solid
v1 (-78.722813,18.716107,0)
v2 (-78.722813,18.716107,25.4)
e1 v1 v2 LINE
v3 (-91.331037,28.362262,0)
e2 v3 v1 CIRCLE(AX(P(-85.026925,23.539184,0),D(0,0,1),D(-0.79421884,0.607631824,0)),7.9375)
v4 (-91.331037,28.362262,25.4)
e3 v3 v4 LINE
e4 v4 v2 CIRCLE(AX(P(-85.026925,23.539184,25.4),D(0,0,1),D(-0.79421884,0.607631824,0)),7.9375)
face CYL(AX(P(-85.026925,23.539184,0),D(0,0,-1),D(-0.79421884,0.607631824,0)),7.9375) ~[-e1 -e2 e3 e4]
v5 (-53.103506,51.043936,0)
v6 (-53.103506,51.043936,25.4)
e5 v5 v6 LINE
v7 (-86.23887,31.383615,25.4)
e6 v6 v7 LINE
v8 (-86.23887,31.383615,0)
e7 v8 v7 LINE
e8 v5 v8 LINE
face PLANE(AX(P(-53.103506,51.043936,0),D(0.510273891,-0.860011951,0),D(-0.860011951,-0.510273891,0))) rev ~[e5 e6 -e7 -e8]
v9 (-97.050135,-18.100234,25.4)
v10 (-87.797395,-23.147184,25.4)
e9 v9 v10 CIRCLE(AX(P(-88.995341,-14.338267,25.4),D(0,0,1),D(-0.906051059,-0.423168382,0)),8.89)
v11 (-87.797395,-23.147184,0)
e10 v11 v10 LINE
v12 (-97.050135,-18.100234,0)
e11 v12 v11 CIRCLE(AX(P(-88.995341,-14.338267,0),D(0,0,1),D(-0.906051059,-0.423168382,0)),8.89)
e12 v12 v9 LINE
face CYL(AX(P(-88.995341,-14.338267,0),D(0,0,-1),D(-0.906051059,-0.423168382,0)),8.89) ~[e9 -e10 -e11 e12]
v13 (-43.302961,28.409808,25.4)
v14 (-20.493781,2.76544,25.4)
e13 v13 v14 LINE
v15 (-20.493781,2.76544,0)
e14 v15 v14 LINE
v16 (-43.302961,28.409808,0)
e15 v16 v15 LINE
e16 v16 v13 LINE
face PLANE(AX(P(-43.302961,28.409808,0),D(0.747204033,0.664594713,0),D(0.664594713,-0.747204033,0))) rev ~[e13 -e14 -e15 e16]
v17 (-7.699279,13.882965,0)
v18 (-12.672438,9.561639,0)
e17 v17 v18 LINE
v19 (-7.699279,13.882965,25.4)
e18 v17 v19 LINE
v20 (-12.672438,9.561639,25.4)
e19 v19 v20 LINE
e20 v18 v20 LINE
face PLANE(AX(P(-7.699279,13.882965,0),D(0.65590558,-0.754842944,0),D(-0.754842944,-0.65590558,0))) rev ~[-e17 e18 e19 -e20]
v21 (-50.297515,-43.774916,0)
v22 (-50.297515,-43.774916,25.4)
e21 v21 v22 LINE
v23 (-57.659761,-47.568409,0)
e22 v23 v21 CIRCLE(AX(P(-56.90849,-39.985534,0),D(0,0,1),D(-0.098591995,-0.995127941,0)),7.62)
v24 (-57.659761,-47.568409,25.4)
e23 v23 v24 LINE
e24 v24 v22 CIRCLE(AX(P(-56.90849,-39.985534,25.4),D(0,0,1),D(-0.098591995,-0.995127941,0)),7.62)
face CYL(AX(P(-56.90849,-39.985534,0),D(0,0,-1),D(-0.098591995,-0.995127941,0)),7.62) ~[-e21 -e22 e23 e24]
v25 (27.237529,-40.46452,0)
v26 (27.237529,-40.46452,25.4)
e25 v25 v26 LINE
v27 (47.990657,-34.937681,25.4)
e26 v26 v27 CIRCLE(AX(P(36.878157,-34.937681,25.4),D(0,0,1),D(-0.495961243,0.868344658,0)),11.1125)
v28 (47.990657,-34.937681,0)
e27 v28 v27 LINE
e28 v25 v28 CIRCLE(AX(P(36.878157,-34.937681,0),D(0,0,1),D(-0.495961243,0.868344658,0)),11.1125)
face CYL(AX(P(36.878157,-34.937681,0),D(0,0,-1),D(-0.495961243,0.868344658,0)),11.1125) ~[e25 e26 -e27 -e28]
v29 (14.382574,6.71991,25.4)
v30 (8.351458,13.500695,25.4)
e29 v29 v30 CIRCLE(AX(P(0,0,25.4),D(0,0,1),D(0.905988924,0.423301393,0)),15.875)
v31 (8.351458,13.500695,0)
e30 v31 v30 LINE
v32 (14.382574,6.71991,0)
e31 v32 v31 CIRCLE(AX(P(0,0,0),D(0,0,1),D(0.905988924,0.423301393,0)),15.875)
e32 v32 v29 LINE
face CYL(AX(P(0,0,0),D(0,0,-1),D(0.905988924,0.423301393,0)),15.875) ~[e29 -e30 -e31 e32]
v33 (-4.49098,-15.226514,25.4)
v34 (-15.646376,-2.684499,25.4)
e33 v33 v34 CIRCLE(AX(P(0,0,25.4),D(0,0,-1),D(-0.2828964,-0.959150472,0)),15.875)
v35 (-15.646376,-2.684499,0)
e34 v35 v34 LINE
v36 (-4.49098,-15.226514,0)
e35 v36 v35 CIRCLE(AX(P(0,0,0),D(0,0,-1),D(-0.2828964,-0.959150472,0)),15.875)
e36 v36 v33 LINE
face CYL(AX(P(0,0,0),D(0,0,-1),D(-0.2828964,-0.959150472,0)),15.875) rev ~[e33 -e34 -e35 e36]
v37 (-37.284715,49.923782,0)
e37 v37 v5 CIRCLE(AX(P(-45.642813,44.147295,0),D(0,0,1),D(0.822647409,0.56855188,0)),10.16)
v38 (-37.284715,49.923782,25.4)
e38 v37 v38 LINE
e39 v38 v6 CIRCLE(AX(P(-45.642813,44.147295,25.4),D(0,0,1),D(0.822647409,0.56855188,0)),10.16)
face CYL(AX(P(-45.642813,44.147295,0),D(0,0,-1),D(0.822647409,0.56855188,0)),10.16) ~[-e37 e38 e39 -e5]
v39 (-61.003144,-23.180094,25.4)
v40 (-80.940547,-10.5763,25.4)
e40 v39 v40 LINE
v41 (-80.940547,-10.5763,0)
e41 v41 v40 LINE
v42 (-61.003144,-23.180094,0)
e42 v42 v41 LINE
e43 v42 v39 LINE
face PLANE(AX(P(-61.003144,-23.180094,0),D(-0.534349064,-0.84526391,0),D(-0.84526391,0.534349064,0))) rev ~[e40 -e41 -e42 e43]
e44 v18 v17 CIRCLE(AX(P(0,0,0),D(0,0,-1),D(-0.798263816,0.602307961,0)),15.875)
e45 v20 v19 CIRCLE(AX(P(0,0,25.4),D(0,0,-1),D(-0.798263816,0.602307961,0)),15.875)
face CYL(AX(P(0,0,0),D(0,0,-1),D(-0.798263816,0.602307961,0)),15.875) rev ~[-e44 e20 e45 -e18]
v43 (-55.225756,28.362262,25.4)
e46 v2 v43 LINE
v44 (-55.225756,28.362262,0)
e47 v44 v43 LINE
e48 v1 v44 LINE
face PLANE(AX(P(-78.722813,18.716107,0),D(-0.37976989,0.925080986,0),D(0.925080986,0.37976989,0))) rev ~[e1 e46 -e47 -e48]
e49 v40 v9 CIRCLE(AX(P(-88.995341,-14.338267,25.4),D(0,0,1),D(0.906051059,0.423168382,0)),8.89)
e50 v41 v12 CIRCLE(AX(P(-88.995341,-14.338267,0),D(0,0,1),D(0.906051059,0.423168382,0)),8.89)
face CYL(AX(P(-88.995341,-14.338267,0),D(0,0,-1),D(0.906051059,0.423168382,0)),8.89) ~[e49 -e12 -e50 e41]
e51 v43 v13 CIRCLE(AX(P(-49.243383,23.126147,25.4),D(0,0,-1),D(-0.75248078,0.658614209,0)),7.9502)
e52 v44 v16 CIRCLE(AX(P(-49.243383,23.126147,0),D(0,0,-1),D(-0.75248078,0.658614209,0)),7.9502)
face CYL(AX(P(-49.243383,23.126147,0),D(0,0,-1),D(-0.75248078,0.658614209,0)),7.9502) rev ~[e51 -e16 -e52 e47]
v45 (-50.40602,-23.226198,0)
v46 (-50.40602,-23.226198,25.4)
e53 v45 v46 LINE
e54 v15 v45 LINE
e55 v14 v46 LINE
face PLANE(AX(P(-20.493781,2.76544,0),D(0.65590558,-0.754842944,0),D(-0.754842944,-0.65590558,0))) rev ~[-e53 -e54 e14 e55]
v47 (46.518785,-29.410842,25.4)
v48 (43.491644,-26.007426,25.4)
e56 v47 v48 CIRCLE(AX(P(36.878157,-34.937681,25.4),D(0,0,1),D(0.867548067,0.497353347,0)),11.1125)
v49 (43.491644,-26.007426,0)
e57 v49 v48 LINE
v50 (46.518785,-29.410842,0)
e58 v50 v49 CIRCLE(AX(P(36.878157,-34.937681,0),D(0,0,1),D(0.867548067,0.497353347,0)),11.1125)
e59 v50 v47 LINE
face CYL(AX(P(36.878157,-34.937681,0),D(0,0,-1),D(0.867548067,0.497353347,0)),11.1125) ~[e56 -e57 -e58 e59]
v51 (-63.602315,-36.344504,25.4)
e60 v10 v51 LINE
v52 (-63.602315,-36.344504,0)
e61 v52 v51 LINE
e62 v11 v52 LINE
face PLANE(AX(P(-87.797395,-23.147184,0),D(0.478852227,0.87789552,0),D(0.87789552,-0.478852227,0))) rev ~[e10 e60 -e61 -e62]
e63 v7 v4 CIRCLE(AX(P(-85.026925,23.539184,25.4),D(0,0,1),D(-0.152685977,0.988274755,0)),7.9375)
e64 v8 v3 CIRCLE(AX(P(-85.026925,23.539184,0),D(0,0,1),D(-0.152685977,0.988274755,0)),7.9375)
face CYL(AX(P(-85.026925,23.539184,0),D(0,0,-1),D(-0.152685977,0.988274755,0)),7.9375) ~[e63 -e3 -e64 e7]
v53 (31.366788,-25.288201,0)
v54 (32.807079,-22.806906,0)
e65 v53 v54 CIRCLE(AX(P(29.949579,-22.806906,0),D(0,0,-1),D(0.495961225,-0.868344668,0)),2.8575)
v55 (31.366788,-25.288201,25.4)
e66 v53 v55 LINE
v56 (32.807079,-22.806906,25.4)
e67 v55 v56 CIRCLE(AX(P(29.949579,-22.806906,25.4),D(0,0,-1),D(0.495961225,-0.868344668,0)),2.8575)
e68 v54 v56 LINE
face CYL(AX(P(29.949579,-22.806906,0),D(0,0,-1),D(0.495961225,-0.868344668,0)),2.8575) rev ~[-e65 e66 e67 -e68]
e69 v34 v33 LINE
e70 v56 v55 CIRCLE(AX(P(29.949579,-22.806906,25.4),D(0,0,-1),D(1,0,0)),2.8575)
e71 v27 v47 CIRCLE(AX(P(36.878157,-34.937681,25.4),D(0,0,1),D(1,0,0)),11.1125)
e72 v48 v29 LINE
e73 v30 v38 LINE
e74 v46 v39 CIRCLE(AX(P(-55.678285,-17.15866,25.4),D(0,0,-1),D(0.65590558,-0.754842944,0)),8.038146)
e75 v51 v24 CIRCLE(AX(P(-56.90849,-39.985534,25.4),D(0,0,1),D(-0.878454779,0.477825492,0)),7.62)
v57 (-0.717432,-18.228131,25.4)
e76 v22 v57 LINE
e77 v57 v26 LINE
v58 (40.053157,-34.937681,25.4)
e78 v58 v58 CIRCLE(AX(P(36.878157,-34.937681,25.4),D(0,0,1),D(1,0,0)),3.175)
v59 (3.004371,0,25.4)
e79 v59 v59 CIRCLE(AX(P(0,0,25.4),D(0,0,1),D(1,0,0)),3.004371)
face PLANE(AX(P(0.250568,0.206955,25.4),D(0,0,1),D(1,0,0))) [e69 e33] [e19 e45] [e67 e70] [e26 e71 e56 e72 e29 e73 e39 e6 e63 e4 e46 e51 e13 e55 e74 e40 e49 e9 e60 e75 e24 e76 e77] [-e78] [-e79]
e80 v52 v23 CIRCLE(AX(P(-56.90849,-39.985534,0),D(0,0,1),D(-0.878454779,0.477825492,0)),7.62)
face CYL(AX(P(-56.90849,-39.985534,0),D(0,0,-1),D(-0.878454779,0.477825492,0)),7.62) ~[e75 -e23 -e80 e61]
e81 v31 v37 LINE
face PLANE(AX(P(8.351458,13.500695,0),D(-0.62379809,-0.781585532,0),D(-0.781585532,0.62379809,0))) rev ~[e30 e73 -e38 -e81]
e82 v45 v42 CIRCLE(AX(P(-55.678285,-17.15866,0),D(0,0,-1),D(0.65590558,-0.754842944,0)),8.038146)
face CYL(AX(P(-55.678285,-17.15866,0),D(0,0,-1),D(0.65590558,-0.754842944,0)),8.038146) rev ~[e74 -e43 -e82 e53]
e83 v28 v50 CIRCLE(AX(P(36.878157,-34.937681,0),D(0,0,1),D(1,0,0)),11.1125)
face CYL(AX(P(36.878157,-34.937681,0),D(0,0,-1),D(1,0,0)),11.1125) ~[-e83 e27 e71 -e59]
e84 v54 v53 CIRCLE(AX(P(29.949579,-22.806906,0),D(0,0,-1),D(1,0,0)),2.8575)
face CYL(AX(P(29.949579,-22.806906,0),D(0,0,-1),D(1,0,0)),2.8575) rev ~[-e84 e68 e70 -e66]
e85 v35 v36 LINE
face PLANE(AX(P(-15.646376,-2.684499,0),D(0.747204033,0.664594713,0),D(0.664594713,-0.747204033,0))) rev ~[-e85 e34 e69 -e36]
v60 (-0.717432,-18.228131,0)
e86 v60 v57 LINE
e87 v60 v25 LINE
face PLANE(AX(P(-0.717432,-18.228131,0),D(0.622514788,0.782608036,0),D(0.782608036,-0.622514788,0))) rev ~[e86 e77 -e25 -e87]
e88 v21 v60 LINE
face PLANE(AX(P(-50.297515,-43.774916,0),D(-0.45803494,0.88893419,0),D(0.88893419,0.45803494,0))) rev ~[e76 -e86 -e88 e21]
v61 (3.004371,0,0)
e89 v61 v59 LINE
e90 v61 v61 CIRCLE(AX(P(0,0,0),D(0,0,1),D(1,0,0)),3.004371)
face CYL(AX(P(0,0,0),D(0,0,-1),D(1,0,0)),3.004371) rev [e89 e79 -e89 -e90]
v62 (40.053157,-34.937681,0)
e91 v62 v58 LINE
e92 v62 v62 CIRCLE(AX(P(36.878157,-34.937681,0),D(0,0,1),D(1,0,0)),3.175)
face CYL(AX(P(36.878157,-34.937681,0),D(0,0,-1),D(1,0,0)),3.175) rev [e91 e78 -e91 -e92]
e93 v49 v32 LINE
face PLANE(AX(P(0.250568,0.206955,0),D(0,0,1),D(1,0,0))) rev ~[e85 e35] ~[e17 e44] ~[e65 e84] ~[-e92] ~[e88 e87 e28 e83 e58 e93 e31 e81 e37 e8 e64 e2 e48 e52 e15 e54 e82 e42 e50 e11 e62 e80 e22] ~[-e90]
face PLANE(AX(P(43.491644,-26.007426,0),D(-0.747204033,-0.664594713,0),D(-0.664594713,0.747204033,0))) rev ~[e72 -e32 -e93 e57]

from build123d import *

# Parameters (mm, degrees)
F0_R     = 3.0043710318
F0_R_2   = 3.175
F1_DEPTH = 25.4


with BuildPart() as f1:
    # F0 (on Top) → F1 (new body)
    with BuildSketch(Plane.XY):
        with BuildLine():
            Line((14.3825741705, 6.7199096146), (8.3514579782, 13.5006953391))
            ThreePointArc((8.3514579782, 13.5006953391), (0.3779775203, 15.8704996139), (-7.6992788751, 13.8829654542))
            Line((-7.6992788751, 13.8829654542), (-12.6724380842, 9.5616388764))
            ThreePointArc((-12.6724380842, 9.5616388764), (-15.4266258064, 3.7463103487), (-15.6463763052, -2.6844987459))
            Line((-15.6463763052, -2.6844987459), (-4.4909803426, -15.2265137363))
            ThreePointArc((-4.4909803426, -15.2265137363), (1.497725163, -15.8041907207), (7.271304677, -14.1118302603))
            ThreePointArc((7.271304677, -14.1118302603), (13.5544750313, -8.2638871983), (15.875, 0))
            ThreePointArc((15.875, 0), (15.4974028462, 3.4418207422), (14.3825741705, 6.7199096146))
        make_face()
        Circle(F0_R, mode=Mode.SUBTRACT)
        with BuildLine():
            ThreePointArc((14.3825741705, 6.7199096146), (11.861864027, 10.5504410716), (8.3514579782, 13.5006953391))
            Line((8.3514579782, 13.5006953391), (14.3825741705, 6.7199096146))
        make_face()
        with BuildLine():
            ThreePointArc((-7.6992788751, 13.8829654542), (0.3779775203, 15.8704996139), (8.3514579782, 13.5006953391))
            Line((8.3514579782, 13.5006953391), (-37.2847150373, 49.9237820037))
            ThreePointArc((-37.2847150373, 49.9237820037), (-35.9437438836, 47.1727971434), (-35.4828127154, 44.1472949049))
            ThreePointArc((-35.4828127154, 44.1472949049), (-49.345849391, 34.6861575854), (-53.1035055067, 51.0439363394))
            Line((-53.1035055067, 51.0439363394), (-86.2388696466, 31.3836151645))
            ThreePointArc((-86.2388696466, 31.3836151645), (-79.8604900877, 29.5651165544), (-77.0894247023, 23.5391842927))
            ThreePointArc((-77.0894247023, 23.5391842927), (-77.5088532877, 20.9931072211), (-78.7228126593, 18.7161066861))
            Line((-78.7228126593, 18.7161066861), (-55.225755618, 28.3622618994))
            ThreePointArc((-55.225755618, 28.3622618994), (-49.2750868032, 31.076284), (-43.3029614193, 28.4098081034))
            Line((-43.3029614193, 28.4098081034), (-20.493781308, 2.765440137))
            Line((-20.493781308, 2.765440137), (-12.6724380842, 9.5616388764))
            ThreePointArc((-12.6724380842, 9.5616388764), (-10.4125010836, 11.9831317352), (-7.6992788751, 13.8829654542))
        make_face()
        with BuildLine():
            Line((43.4916438779, -26.0074260938), (14.3825741705, 6.7199096146))
            ThreePointArc((14.3825741705, 6.7199096146), (15.4974028462, 3.4418207422), (15.875, 0))
            ThreePointArc((15.875, 0), (13.5544750313, -8.2638871983), (7.271304677, -14.1118302603))
            Line((7.271304677, -14.1118302603), (-0.7174318046, -18.2281309718))
            Line((-0.7174318046, -18.2281309718), (27.2375291318, -40.4645198026))
            ThreePointArc((27.2375291318, -40.4645198026), (26.1554745178, -32.0201927375), (31.3667877085, -25.2882007145))
            ThreePointArc((31.3667877085, -25.2882007145), (37.5361745414, -23.8446798187), (43.4916438779, -26.0074260938))
        make_face()
        with BuildLine():
            ThreePointArc((32.8070785075, -22.8069058246), (32.4209123116, -24.2414146182), (31.3667877085, -25.2882007145))
            ThreePointArc((31.3667877085, -25.2882007145), (27.4782447035, -21.3723970309), (32.8070785075, -22.8069058246))
        make_face(mode=Mode.SUBTRACT)
        with BuildLine():
            ThreePointArc((-35.4828127154, 44.1472949049), (-35.9437438836, 47.1727971434), (-37.2847150373, 49.9237820037))
            ThreePointArc((-37.2847150373, 49.9237820037), (-44.9251635555, 54.2819177239), (-53.1035055067, 51.0439363394))
            ThreePointArc((-53.1035055067, 51.0439363394), (-49.345849391, 34.6861575854), (-35.4828127154, 44.1472949049))
        make_face()
        with BuildLine():
            ThreePointArc((-15.6463763052, -2.6844987459), (-15.4266258064, 3.7463103487), (-12.6724380842, 9.5616388764))
            Line((-12.6724380842, 9.5616388764), (-20.493781308, 2.765440137))
            Line((-20.493781308, 2.765440137), (-15.6463763052, -2.6844987459))
        make_face()
        with BuildLine():
            ThreePointArc((46.5187849108, -29.4108416552), (45.1814618402, -27.5523719788), (43.4916438779, -26.0074260938))
            Line((43.4916438779, -26.0074260938), (46.5187849108, -29.4108416552))
        make_face()
        with BuildLine():
            Line((46.5187849108, -29.4108416552), (43.4916438779, -26.0074260938))
            ThreePointArc((43.4916438779, -26.0074260938), (37.5361745414, -23.8446798187), (31.3667877085, -25.2882007145))
            ThreePointArc((31.3667877085, -25.2882007145), (26.1554745178, -32.0201927375), (27.2375291318, -40.4645198026))
            ThreePointArc((27.2375291318, -40.4645198026), (39.7378929207, -45.6759099514), (47.9906570213, -34.9376807289))
            ThreePointArc((47.9906570213, -34.9376807289), (47.6163862438, -32.0779448295), (46.5187849108, -29.4108416552))
        make_face()
        with Locations((36.8781570213, -34.9376807289)):
            Circle(F0_R_2, mode=Mode.SUBTRACT)
        with BuildLine():
            ThreePointArc((-4.4909803426, -15.2265137363), (-11.861864027, -10.5504410716), (-15.6463763052, -2.6844987459))
            Line((-15.6463763052, -2.6844987459), (-20.493781308, 2.765440137))
            Line((-20.493781308, 2.765440137), (-50.4060203438, -23.2261977966))
            ThreePointArc((-50.4060203438, -23.2261977966), (-55.7132555315, -25.1967300425), (-61.0031443147, -23.1800943961))
            Line((-61.0031443147, -23.1800943961), (-80.9405468136, -10.5763001971))
            ThreePointArc((-80.9405468136, -10.5763001971), (-80.316653673, -12.4114845417), (-80.1053407242, -14.3382671104))
            ThreePointArc((-80.1053407242, -14.3382671104), (-82.2990043641, -20.1855895191), (-87.7973945716, -23.1471844681))
            Line((-87.7973945716, -23.1471844681), (-63.6023153113, -36.3445038774))
            ThreePointArc((-63.6023153113, -36.3445038774), (-55.0299997662, -32.6007067871), (-49.2884898937, -39.9855341271))
            ThreePointArc((-49.2884898937, -39.9855341271), (-49.5450658668, -41.9462448655), (-50.2975152479, -43.7749159016))
            Line((-50.2975152479, -43.7749159016), (-0.7174318046, -18.2281309718))
            Line((-0.7174318046, -18.2281309718), (-4.4909803426, -15.2265137363))
        make_face()
        with BuildLine():
            Line((-0.7174318046, -18.2281309718), (7.271304677, -14.1118302603))
            ThreePointArc((7.271304677, -14.1118302603), (1.497725163, -15.8041907207), (-4.4909803426, -15.2265137363))
            Line((-4.4909803426, -15.2265137363), (-0.7174318046, -18.2281309718))
        make_face()
        with BuildLine():
            ThreePointArc((-77.0894247023, 23.5391842927), (-79.8604900877, 29.5651165544), (-86.2388696466, 31.3836151645))
            Line((-86.2388696466, 31.3836151645), (-91.3310367453, 28.3622618994))
            ThreePointArc((-91.3310367453, 28.3622618994), (-89.8500023089, 17.2350722497), (-78.7228126593, 18.7161066861))
            ThreePointArc((-78.7228126593, 18.7161066861), (-77.5088532877, 20.9931072211), (-77.0894247023, 23.5391842927))
        make_face()
        with BuildLine():
            Line((-91.3310367453, 28.3622618994), (-86.2388696466, 31.3836151645))
            ThreePointArc((-86.2388696466, 31.3836151645), (-89.0772237094, 30.3655291567), (-91.3310367453, 28.3622618994))
        make_face()
        with BuildLine():
            ThreePointArc((-57.6597608948, -47.5684090359), (-53.4182636488, -46.759212652), (-50.2975152479, -43.7749159016))
            Line((-50.2975152479, -43.7749159016), (-57.6597608948, -47.5684090359))
        make_face()
        with BuildLine():
            Line((-57.6597608948, -47.5684090359), (-50.2975152479, -43.7749159016))
            ThreePointArc((-50.2975152479, -43.7749159016), (-49.5450658668, -41.9462448655), (-49.2884898937, -39.9855341271))
            ThreePointArc((-49.2884898937, -39.9855341271), (-55.0299997662, -32.6007067871), (-63.6023153113, -36.3445038774))
            ThreePointArc((-63.6023153113, -36.3445038774), (-63.6428329888, -43.5510667769), (-57.6597608948, -47.5684090359))
        make_face()
        with BuildLine():
            ThreePointArc((-80.1053407242, -14.3382671104), (-80.316653673, -12.4114845417), (-80.9405468136, -10.5763001971))
            ThreePointArc((-80.9405468136, -10.5763001971), (-92.7573076375, -6.2834731997), (-97.0501346349, -18.1002340237))
            Line((-97.0501346349, -18.1002340237), (-87.7973945716, -23.1471844681))
            ThreePointArc((-87.7973945716, -23.1471844681), (-82.2990043641, -20.1855895191), (-80.1053407242, -14.3382671104))
        make_face()
        with BuildLine():
            Line((-87.7973945716, -23.1471844681), (-97.0501346349, -18.1002340237))
            ThreePointArc((-97.0501346349, -18.1002340237), (-93.2523370234, -22.1427582859), (-87.7973945716, -23.1471844681))
        make_face()
    extrude(amount=F1_DEPTH)


solid = f1.part
